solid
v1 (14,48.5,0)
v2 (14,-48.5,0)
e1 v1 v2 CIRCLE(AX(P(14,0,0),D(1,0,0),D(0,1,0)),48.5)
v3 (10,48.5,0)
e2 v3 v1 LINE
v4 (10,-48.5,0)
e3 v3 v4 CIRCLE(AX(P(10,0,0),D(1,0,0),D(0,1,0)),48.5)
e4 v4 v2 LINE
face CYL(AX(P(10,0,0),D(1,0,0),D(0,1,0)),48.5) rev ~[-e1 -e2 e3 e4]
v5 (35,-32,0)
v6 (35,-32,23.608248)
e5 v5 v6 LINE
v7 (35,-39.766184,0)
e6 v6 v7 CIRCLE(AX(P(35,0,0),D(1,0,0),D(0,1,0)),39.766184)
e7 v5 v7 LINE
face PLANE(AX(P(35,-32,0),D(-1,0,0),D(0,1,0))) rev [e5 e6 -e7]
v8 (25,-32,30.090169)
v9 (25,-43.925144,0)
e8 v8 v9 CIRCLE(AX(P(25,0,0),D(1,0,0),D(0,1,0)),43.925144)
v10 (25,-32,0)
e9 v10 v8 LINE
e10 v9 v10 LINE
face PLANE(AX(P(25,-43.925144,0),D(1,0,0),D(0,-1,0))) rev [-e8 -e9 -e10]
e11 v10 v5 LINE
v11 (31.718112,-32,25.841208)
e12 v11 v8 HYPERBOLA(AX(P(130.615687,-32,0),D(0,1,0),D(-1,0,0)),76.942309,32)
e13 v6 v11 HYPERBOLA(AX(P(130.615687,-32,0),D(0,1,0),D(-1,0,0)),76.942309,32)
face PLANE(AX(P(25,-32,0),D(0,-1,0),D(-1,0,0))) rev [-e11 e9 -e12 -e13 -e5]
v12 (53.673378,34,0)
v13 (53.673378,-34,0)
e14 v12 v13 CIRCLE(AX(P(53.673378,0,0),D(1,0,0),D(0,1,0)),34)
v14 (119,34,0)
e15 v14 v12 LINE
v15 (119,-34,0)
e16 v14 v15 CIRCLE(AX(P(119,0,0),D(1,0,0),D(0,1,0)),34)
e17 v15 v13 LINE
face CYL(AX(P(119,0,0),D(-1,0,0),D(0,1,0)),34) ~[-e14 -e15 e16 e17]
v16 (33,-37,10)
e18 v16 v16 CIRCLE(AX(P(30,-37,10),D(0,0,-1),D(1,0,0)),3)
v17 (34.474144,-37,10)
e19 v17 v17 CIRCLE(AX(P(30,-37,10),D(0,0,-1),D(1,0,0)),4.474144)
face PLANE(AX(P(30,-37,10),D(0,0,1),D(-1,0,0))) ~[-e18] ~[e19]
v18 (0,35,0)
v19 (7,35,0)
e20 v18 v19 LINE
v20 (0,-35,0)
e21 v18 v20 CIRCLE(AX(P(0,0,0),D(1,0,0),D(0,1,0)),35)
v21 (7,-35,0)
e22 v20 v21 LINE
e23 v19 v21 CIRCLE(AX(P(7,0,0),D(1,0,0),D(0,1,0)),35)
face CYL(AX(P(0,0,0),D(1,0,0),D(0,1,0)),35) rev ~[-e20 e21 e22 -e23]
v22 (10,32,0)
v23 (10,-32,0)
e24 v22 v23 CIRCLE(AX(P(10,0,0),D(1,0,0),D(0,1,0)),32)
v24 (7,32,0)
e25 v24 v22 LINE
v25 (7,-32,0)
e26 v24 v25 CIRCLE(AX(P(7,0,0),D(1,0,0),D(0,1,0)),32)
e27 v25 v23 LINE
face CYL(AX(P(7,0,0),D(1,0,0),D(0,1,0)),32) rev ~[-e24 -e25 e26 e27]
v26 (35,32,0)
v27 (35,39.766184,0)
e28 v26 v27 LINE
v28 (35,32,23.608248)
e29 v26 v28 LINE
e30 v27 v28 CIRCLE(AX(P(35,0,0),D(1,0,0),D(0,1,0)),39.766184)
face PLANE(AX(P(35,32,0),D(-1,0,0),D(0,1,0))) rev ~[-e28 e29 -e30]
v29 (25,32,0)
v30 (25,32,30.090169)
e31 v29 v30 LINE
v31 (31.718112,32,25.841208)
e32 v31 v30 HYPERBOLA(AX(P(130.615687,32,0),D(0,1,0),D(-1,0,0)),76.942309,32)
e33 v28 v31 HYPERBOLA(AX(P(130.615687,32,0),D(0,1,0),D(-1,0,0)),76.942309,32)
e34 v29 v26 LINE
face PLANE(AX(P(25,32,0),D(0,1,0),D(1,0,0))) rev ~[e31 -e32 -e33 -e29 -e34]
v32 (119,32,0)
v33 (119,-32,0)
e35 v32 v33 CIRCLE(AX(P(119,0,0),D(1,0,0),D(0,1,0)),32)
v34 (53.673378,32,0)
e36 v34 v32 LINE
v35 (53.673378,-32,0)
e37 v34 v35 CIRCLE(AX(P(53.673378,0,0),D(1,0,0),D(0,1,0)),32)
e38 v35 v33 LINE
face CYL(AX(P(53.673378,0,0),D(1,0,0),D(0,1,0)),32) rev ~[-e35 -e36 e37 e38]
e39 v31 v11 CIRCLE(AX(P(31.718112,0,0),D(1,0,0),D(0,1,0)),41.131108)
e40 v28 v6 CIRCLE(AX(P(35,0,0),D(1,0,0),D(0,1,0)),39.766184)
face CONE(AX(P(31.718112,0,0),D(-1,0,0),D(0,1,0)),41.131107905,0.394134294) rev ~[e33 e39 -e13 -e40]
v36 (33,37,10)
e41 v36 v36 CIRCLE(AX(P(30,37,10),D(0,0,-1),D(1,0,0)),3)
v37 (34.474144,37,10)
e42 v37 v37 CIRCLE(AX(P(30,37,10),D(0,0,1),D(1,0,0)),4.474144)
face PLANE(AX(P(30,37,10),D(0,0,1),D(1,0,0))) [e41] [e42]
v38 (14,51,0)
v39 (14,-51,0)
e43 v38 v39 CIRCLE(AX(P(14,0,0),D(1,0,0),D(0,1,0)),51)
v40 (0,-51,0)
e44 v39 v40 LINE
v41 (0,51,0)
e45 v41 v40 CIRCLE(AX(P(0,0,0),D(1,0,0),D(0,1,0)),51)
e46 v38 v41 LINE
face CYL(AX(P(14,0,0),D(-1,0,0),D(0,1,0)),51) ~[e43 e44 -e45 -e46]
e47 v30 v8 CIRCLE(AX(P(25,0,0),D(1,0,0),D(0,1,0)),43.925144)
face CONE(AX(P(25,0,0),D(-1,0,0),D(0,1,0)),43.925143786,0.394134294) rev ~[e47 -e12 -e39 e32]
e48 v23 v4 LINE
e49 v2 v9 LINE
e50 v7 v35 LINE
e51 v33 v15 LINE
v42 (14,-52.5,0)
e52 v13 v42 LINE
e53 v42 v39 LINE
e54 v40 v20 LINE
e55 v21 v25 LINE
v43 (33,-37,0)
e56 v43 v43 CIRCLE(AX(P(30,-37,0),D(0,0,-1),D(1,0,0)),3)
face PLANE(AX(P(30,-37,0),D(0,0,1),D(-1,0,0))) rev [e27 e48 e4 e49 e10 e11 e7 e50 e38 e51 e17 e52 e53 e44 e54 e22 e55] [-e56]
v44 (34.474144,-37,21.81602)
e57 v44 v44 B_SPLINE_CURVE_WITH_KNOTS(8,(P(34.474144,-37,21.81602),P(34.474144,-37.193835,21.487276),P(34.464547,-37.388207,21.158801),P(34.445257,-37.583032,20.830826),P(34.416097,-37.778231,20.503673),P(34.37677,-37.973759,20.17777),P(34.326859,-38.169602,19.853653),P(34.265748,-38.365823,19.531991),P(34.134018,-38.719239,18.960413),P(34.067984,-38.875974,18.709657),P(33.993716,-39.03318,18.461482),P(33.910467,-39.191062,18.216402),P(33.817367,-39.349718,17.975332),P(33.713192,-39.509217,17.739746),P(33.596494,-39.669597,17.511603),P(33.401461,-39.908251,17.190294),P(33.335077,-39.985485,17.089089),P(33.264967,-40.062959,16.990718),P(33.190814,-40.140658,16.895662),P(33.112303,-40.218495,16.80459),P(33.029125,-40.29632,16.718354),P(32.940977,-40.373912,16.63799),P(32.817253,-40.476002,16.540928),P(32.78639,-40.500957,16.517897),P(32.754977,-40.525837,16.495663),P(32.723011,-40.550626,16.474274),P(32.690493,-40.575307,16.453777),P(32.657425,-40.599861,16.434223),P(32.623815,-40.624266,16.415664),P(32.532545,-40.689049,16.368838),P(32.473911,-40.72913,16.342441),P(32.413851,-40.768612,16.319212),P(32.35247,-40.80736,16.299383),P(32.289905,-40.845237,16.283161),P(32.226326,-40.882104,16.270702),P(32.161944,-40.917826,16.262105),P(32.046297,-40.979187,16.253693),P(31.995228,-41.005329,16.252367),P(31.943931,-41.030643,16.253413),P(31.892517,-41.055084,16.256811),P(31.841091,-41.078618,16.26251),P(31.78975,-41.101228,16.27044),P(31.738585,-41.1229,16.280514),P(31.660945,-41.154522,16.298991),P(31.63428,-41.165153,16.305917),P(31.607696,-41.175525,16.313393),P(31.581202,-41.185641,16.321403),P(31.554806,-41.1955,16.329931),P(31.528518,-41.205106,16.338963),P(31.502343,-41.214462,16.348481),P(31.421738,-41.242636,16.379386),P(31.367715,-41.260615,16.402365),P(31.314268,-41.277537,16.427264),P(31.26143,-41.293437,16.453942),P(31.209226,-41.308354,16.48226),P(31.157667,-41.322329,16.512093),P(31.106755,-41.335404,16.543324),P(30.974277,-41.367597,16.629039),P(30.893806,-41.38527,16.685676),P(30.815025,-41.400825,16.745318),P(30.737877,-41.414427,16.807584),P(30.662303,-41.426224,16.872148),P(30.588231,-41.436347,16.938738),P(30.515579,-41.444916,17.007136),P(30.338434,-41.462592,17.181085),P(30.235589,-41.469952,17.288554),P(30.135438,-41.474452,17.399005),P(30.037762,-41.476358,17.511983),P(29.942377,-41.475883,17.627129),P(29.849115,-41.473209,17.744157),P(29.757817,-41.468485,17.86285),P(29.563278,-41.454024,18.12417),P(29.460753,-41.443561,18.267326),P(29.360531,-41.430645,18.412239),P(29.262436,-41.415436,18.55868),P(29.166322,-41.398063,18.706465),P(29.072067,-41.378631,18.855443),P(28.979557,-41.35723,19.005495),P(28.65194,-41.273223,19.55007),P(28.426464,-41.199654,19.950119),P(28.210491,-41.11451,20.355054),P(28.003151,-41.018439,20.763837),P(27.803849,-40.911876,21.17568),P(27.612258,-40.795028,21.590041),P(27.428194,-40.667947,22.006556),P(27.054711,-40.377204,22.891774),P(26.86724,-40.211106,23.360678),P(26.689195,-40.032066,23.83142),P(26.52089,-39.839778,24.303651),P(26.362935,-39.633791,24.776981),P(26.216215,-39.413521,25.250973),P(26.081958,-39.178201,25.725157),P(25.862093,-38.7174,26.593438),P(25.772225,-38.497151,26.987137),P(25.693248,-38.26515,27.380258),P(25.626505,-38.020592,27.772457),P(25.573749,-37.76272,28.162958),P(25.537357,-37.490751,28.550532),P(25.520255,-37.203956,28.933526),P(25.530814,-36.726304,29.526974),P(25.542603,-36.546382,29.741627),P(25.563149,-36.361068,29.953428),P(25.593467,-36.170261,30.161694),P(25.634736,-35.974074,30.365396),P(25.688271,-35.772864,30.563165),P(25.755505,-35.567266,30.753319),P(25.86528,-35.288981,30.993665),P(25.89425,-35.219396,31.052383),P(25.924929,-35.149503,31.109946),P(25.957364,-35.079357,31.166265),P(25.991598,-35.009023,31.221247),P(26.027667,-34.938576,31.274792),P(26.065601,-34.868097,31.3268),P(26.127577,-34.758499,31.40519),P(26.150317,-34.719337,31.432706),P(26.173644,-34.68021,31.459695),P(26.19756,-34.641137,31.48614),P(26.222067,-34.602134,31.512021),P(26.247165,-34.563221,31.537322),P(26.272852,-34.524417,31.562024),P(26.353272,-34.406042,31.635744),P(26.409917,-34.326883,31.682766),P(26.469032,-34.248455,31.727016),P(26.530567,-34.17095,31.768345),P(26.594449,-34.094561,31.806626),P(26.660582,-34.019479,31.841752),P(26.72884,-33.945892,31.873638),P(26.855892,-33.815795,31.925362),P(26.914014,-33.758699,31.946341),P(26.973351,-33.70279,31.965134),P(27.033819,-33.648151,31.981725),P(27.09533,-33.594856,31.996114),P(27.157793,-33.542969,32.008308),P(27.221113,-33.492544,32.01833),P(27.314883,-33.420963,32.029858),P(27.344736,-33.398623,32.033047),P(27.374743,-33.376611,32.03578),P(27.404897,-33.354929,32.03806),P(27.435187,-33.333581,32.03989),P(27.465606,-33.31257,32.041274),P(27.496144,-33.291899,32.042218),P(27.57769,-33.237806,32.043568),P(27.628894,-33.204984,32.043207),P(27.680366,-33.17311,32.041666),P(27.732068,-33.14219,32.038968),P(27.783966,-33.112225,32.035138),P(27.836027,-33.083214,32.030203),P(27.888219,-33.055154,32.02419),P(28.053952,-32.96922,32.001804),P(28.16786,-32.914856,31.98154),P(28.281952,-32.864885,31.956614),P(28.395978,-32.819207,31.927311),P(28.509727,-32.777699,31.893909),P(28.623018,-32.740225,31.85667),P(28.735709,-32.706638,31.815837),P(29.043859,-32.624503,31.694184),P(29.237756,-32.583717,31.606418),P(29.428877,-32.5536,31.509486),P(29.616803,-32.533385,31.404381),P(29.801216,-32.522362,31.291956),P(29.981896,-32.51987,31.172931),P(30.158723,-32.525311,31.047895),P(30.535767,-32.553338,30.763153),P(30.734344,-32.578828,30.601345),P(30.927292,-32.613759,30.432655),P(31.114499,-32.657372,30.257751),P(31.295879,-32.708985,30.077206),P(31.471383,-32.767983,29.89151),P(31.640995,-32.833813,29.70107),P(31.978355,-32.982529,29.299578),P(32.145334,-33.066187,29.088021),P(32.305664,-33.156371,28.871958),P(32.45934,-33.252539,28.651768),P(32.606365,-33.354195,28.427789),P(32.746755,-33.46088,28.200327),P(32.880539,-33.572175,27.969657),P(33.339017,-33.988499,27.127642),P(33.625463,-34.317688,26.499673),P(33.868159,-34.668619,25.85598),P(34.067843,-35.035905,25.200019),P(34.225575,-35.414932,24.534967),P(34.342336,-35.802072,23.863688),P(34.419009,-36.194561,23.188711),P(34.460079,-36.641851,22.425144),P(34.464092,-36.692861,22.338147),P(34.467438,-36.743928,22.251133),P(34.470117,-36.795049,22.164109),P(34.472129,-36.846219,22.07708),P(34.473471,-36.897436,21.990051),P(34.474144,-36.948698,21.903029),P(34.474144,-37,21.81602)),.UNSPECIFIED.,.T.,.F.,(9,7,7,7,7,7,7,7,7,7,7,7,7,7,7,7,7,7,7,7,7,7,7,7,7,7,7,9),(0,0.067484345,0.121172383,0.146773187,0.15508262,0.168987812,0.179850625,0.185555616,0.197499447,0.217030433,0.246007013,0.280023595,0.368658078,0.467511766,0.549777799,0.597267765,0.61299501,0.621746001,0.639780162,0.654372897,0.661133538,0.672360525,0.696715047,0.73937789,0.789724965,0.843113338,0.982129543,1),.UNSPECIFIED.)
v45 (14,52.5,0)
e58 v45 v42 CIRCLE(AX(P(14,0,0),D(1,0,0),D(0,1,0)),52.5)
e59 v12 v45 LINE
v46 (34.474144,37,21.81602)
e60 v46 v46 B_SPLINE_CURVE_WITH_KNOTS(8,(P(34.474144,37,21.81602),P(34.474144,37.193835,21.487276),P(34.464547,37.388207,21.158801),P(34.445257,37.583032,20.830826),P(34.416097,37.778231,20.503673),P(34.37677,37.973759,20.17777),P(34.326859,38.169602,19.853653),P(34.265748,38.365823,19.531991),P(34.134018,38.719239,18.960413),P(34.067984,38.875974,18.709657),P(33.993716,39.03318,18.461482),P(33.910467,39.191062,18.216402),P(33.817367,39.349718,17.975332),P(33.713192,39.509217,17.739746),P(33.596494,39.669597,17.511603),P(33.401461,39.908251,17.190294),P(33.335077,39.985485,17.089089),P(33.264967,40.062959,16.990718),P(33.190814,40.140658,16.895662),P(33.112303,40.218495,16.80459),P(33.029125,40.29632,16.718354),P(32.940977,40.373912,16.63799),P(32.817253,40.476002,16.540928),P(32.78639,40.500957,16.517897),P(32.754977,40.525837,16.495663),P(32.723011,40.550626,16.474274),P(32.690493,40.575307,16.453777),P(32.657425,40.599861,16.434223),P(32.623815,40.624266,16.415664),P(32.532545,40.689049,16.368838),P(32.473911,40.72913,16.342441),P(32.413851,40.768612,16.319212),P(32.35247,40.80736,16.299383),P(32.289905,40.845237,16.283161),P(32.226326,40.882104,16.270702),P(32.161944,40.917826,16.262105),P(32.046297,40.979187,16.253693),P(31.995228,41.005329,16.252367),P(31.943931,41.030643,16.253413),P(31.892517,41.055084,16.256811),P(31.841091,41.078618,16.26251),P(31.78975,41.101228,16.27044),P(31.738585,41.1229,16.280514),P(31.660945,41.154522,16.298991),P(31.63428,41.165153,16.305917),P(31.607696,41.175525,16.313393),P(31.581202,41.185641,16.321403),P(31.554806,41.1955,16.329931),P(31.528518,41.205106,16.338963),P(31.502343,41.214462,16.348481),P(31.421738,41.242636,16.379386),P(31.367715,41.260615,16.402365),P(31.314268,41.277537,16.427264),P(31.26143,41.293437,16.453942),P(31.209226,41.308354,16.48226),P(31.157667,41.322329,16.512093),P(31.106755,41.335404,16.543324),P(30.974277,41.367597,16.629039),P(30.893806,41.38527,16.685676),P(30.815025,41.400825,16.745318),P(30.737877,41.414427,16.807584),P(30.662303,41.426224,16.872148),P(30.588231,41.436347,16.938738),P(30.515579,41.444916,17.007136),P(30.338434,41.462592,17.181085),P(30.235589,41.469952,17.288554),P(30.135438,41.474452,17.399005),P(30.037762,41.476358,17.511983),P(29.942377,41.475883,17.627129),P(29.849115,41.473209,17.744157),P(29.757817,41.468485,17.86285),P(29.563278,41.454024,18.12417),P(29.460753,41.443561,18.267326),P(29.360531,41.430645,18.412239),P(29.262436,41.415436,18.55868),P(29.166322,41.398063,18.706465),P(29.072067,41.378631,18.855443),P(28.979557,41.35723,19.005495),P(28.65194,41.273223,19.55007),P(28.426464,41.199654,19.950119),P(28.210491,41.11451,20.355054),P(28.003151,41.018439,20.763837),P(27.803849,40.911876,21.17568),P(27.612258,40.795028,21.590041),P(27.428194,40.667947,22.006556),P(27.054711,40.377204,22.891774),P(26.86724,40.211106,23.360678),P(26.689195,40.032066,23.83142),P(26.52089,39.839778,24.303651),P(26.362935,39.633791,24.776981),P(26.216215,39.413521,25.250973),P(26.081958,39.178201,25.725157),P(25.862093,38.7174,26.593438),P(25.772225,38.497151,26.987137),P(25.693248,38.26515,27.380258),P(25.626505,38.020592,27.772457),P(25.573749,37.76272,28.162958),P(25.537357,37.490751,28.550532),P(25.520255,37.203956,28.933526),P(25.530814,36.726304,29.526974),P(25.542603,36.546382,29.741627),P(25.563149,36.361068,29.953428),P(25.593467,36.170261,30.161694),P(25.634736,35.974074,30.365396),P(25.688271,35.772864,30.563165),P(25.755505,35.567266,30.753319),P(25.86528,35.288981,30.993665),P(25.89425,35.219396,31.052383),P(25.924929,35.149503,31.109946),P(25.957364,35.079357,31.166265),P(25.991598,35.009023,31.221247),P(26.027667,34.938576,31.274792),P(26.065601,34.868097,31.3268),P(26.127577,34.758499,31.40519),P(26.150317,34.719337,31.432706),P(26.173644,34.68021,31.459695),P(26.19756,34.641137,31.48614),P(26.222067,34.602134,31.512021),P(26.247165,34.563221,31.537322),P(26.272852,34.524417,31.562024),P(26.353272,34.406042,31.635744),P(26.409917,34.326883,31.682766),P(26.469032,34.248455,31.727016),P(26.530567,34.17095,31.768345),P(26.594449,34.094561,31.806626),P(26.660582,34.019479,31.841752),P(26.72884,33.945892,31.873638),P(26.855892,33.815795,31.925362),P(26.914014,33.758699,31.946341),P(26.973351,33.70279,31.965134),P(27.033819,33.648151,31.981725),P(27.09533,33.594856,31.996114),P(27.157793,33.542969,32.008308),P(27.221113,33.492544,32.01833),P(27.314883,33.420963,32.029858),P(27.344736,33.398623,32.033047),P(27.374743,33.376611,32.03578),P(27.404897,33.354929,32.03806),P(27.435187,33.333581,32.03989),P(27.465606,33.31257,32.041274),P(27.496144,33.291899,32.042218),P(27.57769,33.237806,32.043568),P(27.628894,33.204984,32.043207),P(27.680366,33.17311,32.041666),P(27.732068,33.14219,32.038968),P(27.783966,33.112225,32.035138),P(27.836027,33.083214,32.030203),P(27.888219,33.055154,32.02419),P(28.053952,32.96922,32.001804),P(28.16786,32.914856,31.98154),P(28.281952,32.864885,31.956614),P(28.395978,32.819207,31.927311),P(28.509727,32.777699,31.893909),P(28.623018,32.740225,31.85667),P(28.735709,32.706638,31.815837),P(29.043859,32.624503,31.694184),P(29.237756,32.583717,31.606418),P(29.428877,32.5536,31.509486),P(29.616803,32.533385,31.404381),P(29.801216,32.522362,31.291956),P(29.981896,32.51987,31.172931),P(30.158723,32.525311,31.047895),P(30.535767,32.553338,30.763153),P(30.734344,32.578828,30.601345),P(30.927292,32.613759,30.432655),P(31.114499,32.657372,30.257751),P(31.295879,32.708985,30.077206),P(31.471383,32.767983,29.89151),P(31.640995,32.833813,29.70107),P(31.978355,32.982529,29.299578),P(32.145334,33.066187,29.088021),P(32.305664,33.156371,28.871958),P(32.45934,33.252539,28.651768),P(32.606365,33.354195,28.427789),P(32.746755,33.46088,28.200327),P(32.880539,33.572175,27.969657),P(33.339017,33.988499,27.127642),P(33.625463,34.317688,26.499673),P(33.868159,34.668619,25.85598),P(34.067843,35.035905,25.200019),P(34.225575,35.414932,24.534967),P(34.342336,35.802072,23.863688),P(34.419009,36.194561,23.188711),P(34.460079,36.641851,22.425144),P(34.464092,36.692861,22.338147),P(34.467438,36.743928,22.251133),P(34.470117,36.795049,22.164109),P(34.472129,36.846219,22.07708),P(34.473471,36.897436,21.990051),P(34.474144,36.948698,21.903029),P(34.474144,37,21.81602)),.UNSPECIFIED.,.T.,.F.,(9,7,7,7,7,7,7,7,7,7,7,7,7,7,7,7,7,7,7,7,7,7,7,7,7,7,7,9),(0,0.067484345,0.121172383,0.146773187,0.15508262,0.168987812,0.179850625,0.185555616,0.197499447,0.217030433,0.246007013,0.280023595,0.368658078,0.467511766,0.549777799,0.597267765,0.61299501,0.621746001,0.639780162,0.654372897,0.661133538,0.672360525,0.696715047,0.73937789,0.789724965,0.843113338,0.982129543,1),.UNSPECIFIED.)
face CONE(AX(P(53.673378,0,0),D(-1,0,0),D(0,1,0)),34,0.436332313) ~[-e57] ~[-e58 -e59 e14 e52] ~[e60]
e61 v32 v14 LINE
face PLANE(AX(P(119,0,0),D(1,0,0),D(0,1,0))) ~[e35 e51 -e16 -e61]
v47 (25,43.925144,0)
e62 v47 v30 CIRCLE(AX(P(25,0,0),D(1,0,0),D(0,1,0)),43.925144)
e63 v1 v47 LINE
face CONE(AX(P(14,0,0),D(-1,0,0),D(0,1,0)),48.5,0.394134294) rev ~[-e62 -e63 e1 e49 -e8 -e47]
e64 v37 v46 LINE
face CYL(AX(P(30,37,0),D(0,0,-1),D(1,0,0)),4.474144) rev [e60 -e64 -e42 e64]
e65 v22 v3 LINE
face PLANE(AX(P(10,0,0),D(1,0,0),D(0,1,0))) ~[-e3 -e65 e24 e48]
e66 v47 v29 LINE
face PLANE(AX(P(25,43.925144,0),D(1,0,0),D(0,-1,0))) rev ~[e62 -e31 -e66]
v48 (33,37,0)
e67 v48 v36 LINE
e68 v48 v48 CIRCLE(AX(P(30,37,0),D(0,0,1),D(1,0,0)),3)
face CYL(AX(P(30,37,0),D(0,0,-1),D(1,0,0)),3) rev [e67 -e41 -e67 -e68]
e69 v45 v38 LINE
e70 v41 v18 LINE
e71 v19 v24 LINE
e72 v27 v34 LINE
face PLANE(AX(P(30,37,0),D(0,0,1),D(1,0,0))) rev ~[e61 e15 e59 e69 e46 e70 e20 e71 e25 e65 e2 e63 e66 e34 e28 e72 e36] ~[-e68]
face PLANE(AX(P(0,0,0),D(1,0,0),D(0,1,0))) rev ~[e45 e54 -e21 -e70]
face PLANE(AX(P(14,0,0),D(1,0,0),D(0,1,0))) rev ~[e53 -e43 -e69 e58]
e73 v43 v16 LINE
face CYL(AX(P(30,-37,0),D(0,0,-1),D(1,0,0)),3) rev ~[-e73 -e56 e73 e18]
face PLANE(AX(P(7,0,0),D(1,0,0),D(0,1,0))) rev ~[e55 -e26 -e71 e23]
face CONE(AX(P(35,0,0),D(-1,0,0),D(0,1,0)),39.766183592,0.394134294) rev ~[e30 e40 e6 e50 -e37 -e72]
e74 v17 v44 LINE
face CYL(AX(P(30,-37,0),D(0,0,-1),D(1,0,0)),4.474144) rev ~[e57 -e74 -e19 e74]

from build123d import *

# Parameters (mm, degrees)
REVOLVE_2_ANGLE     = 180
EXTRUDE_3_REACH     = 142.262
SKETCH_1_12_R       = 4.474143501
CUT_EXTRUDE_3_DEPTH = 204.9
SKETCH_1_14_R       = 4.474143501
EXTRUDE_4_DEPTH     = 10
SKETCH_1_16_R       = 3
CUT_EXTRUDE_4_DEPTH = 32


with BuildPart() as part:
    # Эскиз1 → Повернуть2 (revolve)
    with BuildSketch(Plane.XY):
        Polygon((0, 51), (0, 35), (7, 35), (7, 32), (10, 32), (10, 48.5), (14, 48.5), (25, 43.925143786), (31.718111621, 41.131107905), (35, 39.766183592), (53.673378029, 32), (119, 32), (119, 34), (53.673378029, 34), (14, 52.5), (14, 51), align=None)
    revolve(axis=Axis((0, 0, 0), (1, 0, 0)), revolution_arc=REVOLVE_2_ANGLE)

    # Эскиз1<11> → Бобышка-Вытянуть3 (add, up to next)
    with BuildSketch(Plane.XY, mode=Mode.PRIVATE) as extrude_3_sk1:
        Polygon((25, 43.925143786), (25, 32), (35, 32), (35, 39.766183592), align=None)
    extrude_3_tool1 = extrude(extrude_3_sk1.sketch, amount=EXTRUDE_3_REACH, mode=Mode.PRIVATE) - part.part
    extrude_3 = extrude_3_tool1.solids().sort_by_distance((29.647987, 36.996032, 0))[0]
    add(extrude_3)

    # Эскиз1<12> → Вырез-Вытянуть3 (cut)
    with BuildSketch(Plane.XY):
        with Locations((30, 37)):
            Circle(SKETCH_1_12_R)
    cut_extrude_3 = extrude(amount=CUT_EXTRUDE_3_DEPTH, mode=Mode.SUBTRACT)

    # Эскиз1<14> → Бобышка-Вытянуть4 (add)
    with BuildSketch(Plane.XY):
        with Locations((30, 37)):
            Circle(SKETCH_1_14_R)
    extrude_4 = extrude(amount=EXTRUDE_4_DEPTH)

    # Эскиз1<16> → Вырез-Вытянуть4 (cut)
    with BuildSketch(Plane.XY):
        with Locations((30, 37)):
            Circle(SKETCH_1_16_R)
    cut_extrude_4 = extrude(amount=CUT_EXTRUDE_4_DEPTH, mode=Mode.SUBTRACT)

    # Зеркальное отражение1: Бобышка-Вытянуть3, Вырез-Вытянуть3, Бобышка-Вытянуть4, Вырез-Вытянуть4 across plane
    add(extrude_3.mirror(Plane.ZX))
    add(cut_extrude_3.mirror(Plane.ZX), mode=Mode.SUBTRACT)
    add(extrude_4.mirror(Plane.ZX))
    add(cut_extrude_4.mirror(Plane.ZX), mode=Mode.SUBTRACT)


solid = part.part
